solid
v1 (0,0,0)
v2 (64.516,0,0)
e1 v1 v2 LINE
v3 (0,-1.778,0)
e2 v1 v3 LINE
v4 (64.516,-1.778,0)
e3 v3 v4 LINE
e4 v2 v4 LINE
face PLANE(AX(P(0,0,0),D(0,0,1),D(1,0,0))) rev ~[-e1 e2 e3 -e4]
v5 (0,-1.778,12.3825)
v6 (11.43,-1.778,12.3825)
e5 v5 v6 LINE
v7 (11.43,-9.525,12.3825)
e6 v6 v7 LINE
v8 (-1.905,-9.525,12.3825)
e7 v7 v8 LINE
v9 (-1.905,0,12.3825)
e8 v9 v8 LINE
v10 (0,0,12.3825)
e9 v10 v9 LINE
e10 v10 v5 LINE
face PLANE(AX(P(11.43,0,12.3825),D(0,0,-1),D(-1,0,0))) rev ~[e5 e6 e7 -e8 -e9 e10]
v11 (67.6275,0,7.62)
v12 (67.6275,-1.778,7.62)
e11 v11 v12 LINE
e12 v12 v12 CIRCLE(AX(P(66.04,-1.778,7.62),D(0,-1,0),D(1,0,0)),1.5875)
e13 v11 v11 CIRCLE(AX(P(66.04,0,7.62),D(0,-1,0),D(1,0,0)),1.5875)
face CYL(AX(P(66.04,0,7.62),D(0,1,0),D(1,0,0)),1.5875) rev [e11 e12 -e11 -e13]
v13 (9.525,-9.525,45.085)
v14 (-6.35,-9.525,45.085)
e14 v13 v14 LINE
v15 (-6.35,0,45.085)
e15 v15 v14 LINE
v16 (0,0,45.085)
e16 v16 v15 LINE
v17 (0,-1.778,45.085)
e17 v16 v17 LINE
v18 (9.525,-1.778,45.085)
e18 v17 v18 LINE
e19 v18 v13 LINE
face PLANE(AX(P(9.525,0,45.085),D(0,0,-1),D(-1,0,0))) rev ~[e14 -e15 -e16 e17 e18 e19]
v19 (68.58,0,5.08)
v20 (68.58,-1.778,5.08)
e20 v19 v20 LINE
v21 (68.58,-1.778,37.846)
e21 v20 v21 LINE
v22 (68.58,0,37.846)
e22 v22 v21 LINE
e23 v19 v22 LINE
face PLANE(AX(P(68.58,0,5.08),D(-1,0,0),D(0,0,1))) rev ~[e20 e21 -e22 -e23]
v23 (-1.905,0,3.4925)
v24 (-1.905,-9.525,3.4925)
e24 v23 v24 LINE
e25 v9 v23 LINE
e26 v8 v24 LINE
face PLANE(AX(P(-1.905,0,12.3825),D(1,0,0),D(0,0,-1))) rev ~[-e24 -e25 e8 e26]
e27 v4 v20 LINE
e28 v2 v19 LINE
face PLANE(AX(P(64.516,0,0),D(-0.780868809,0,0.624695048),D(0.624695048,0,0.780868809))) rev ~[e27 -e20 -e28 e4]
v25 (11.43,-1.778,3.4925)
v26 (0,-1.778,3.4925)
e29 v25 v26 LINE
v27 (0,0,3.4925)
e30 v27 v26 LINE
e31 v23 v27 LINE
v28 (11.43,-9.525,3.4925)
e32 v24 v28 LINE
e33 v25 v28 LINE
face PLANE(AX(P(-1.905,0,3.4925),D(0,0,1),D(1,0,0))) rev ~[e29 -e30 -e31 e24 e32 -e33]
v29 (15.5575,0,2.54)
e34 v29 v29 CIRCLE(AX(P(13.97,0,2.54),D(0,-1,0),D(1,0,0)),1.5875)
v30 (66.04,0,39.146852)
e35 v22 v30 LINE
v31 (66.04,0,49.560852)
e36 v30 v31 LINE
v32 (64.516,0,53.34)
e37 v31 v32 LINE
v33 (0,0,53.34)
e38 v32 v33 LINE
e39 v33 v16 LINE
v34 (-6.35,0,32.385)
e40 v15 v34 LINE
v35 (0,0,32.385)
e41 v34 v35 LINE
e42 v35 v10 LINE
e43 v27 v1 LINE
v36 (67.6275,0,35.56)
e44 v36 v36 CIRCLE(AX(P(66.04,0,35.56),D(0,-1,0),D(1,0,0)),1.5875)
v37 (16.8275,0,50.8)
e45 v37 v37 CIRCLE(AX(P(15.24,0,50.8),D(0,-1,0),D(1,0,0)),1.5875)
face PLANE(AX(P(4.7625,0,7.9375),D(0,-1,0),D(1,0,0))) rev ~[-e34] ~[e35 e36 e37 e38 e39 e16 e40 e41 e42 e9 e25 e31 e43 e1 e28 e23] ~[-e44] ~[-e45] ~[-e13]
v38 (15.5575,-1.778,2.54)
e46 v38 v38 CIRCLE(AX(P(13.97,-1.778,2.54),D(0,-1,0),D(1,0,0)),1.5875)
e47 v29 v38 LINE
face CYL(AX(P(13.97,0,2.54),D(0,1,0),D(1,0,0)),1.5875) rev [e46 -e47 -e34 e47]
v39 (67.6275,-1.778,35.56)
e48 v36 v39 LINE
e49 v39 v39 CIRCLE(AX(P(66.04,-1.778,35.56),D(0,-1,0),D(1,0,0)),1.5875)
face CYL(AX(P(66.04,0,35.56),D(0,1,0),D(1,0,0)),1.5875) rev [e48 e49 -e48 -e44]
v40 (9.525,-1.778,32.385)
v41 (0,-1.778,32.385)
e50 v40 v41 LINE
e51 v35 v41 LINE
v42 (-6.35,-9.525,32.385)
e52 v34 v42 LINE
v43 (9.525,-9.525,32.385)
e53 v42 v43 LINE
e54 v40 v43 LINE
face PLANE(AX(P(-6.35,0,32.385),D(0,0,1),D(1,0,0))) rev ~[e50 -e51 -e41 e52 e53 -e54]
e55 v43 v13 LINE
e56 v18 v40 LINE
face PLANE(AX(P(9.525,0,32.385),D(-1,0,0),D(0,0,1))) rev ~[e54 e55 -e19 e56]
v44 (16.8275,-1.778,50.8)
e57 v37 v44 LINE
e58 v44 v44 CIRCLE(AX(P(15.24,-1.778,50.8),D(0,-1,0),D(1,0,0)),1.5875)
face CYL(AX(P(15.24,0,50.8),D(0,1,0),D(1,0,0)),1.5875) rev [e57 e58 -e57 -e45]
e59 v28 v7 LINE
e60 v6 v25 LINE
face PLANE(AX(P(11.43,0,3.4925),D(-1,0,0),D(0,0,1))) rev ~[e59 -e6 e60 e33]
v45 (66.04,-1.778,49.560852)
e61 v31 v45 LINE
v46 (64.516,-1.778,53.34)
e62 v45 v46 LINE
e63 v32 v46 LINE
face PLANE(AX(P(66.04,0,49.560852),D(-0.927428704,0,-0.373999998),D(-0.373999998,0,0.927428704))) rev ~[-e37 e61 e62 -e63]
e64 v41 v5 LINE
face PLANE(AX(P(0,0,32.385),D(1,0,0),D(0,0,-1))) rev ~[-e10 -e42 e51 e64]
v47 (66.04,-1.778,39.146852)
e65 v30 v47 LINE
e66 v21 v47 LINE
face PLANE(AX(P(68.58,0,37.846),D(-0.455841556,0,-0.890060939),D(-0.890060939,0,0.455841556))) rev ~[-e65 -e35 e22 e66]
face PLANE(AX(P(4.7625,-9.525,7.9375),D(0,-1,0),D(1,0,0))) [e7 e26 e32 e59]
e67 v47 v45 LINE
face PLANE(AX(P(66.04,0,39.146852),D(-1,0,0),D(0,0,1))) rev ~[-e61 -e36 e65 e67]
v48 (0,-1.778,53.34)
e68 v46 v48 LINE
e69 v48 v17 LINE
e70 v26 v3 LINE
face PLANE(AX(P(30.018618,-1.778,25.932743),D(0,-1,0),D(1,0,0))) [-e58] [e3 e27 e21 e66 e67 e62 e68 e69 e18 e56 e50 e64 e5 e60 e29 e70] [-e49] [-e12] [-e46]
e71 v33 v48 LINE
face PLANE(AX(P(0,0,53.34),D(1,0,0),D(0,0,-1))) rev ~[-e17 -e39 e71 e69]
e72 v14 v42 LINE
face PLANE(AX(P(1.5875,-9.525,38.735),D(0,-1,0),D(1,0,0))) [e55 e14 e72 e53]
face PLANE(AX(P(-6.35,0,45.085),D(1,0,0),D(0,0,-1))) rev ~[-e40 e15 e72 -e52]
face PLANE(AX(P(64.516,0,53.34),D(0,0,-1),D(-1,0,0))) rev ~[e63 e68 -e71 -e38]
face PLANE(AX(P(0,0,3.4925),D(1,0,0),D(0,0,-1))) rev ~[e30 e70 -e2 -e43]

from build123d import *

# Parameters (mm, degrees)
F0_R     = 1.5875
F1_DEPTH = 1.778
F2_DEPTH = 9.525


with BuildPart() as f1:
    # F0 (on Front) → F1 (new body)
    with BuildSketch(Plane.XZ):
        Polygon((0, 0.3175), (0, 0), (64.516, 0), (68.58, 5.08), (68.58, 37.846), (66.04, 39.146852), (66.04, 49.560852), (64.516, 53.34), (0, 53.34), (0, 45.085), (9.525, 45.085), (9.525, 32.385), (0, 32.385), (0, 12.3825), (11.43, 12.3825), (11.43, 3.4925), (0, 3.4925), align=None)
        with Locations((13.97, 2.54)):
            Circle(F0_R, mode=Mode.SUBTRACT)
        with Locations((66.04, 7.62)):
            Circle(F0_R, mode=Mode.SUBTRACT)
        with Locations((15.24, 50.8)):
            Circle(F0_R, mode=Mode.SUBTRACT)
        with Locations((66.04, 35.56)):
            Circle(F0_R, mode=Mode.SUBTRACT)
    extrude(amount=F1_DEPTH)

    # F0 (on Front) → F2 (join)
    with BuildSketch(Plane.XZ):
        Polygon((-1.905, 3.4925), (0, 3.4925), (11.43, 3.4925), (11.43, 12.3825), (0, 12.3825), (-1.905, 12.3825), align=None)
        Polygon((-6.35, 32.385), (0, 32.385), (9.525, 32.385), (9.525, 45.085), (0, 45.085), (-6.35, 45.085), align=None)
    extrude(amount=F2_DEPTH)


solid = f1.part
